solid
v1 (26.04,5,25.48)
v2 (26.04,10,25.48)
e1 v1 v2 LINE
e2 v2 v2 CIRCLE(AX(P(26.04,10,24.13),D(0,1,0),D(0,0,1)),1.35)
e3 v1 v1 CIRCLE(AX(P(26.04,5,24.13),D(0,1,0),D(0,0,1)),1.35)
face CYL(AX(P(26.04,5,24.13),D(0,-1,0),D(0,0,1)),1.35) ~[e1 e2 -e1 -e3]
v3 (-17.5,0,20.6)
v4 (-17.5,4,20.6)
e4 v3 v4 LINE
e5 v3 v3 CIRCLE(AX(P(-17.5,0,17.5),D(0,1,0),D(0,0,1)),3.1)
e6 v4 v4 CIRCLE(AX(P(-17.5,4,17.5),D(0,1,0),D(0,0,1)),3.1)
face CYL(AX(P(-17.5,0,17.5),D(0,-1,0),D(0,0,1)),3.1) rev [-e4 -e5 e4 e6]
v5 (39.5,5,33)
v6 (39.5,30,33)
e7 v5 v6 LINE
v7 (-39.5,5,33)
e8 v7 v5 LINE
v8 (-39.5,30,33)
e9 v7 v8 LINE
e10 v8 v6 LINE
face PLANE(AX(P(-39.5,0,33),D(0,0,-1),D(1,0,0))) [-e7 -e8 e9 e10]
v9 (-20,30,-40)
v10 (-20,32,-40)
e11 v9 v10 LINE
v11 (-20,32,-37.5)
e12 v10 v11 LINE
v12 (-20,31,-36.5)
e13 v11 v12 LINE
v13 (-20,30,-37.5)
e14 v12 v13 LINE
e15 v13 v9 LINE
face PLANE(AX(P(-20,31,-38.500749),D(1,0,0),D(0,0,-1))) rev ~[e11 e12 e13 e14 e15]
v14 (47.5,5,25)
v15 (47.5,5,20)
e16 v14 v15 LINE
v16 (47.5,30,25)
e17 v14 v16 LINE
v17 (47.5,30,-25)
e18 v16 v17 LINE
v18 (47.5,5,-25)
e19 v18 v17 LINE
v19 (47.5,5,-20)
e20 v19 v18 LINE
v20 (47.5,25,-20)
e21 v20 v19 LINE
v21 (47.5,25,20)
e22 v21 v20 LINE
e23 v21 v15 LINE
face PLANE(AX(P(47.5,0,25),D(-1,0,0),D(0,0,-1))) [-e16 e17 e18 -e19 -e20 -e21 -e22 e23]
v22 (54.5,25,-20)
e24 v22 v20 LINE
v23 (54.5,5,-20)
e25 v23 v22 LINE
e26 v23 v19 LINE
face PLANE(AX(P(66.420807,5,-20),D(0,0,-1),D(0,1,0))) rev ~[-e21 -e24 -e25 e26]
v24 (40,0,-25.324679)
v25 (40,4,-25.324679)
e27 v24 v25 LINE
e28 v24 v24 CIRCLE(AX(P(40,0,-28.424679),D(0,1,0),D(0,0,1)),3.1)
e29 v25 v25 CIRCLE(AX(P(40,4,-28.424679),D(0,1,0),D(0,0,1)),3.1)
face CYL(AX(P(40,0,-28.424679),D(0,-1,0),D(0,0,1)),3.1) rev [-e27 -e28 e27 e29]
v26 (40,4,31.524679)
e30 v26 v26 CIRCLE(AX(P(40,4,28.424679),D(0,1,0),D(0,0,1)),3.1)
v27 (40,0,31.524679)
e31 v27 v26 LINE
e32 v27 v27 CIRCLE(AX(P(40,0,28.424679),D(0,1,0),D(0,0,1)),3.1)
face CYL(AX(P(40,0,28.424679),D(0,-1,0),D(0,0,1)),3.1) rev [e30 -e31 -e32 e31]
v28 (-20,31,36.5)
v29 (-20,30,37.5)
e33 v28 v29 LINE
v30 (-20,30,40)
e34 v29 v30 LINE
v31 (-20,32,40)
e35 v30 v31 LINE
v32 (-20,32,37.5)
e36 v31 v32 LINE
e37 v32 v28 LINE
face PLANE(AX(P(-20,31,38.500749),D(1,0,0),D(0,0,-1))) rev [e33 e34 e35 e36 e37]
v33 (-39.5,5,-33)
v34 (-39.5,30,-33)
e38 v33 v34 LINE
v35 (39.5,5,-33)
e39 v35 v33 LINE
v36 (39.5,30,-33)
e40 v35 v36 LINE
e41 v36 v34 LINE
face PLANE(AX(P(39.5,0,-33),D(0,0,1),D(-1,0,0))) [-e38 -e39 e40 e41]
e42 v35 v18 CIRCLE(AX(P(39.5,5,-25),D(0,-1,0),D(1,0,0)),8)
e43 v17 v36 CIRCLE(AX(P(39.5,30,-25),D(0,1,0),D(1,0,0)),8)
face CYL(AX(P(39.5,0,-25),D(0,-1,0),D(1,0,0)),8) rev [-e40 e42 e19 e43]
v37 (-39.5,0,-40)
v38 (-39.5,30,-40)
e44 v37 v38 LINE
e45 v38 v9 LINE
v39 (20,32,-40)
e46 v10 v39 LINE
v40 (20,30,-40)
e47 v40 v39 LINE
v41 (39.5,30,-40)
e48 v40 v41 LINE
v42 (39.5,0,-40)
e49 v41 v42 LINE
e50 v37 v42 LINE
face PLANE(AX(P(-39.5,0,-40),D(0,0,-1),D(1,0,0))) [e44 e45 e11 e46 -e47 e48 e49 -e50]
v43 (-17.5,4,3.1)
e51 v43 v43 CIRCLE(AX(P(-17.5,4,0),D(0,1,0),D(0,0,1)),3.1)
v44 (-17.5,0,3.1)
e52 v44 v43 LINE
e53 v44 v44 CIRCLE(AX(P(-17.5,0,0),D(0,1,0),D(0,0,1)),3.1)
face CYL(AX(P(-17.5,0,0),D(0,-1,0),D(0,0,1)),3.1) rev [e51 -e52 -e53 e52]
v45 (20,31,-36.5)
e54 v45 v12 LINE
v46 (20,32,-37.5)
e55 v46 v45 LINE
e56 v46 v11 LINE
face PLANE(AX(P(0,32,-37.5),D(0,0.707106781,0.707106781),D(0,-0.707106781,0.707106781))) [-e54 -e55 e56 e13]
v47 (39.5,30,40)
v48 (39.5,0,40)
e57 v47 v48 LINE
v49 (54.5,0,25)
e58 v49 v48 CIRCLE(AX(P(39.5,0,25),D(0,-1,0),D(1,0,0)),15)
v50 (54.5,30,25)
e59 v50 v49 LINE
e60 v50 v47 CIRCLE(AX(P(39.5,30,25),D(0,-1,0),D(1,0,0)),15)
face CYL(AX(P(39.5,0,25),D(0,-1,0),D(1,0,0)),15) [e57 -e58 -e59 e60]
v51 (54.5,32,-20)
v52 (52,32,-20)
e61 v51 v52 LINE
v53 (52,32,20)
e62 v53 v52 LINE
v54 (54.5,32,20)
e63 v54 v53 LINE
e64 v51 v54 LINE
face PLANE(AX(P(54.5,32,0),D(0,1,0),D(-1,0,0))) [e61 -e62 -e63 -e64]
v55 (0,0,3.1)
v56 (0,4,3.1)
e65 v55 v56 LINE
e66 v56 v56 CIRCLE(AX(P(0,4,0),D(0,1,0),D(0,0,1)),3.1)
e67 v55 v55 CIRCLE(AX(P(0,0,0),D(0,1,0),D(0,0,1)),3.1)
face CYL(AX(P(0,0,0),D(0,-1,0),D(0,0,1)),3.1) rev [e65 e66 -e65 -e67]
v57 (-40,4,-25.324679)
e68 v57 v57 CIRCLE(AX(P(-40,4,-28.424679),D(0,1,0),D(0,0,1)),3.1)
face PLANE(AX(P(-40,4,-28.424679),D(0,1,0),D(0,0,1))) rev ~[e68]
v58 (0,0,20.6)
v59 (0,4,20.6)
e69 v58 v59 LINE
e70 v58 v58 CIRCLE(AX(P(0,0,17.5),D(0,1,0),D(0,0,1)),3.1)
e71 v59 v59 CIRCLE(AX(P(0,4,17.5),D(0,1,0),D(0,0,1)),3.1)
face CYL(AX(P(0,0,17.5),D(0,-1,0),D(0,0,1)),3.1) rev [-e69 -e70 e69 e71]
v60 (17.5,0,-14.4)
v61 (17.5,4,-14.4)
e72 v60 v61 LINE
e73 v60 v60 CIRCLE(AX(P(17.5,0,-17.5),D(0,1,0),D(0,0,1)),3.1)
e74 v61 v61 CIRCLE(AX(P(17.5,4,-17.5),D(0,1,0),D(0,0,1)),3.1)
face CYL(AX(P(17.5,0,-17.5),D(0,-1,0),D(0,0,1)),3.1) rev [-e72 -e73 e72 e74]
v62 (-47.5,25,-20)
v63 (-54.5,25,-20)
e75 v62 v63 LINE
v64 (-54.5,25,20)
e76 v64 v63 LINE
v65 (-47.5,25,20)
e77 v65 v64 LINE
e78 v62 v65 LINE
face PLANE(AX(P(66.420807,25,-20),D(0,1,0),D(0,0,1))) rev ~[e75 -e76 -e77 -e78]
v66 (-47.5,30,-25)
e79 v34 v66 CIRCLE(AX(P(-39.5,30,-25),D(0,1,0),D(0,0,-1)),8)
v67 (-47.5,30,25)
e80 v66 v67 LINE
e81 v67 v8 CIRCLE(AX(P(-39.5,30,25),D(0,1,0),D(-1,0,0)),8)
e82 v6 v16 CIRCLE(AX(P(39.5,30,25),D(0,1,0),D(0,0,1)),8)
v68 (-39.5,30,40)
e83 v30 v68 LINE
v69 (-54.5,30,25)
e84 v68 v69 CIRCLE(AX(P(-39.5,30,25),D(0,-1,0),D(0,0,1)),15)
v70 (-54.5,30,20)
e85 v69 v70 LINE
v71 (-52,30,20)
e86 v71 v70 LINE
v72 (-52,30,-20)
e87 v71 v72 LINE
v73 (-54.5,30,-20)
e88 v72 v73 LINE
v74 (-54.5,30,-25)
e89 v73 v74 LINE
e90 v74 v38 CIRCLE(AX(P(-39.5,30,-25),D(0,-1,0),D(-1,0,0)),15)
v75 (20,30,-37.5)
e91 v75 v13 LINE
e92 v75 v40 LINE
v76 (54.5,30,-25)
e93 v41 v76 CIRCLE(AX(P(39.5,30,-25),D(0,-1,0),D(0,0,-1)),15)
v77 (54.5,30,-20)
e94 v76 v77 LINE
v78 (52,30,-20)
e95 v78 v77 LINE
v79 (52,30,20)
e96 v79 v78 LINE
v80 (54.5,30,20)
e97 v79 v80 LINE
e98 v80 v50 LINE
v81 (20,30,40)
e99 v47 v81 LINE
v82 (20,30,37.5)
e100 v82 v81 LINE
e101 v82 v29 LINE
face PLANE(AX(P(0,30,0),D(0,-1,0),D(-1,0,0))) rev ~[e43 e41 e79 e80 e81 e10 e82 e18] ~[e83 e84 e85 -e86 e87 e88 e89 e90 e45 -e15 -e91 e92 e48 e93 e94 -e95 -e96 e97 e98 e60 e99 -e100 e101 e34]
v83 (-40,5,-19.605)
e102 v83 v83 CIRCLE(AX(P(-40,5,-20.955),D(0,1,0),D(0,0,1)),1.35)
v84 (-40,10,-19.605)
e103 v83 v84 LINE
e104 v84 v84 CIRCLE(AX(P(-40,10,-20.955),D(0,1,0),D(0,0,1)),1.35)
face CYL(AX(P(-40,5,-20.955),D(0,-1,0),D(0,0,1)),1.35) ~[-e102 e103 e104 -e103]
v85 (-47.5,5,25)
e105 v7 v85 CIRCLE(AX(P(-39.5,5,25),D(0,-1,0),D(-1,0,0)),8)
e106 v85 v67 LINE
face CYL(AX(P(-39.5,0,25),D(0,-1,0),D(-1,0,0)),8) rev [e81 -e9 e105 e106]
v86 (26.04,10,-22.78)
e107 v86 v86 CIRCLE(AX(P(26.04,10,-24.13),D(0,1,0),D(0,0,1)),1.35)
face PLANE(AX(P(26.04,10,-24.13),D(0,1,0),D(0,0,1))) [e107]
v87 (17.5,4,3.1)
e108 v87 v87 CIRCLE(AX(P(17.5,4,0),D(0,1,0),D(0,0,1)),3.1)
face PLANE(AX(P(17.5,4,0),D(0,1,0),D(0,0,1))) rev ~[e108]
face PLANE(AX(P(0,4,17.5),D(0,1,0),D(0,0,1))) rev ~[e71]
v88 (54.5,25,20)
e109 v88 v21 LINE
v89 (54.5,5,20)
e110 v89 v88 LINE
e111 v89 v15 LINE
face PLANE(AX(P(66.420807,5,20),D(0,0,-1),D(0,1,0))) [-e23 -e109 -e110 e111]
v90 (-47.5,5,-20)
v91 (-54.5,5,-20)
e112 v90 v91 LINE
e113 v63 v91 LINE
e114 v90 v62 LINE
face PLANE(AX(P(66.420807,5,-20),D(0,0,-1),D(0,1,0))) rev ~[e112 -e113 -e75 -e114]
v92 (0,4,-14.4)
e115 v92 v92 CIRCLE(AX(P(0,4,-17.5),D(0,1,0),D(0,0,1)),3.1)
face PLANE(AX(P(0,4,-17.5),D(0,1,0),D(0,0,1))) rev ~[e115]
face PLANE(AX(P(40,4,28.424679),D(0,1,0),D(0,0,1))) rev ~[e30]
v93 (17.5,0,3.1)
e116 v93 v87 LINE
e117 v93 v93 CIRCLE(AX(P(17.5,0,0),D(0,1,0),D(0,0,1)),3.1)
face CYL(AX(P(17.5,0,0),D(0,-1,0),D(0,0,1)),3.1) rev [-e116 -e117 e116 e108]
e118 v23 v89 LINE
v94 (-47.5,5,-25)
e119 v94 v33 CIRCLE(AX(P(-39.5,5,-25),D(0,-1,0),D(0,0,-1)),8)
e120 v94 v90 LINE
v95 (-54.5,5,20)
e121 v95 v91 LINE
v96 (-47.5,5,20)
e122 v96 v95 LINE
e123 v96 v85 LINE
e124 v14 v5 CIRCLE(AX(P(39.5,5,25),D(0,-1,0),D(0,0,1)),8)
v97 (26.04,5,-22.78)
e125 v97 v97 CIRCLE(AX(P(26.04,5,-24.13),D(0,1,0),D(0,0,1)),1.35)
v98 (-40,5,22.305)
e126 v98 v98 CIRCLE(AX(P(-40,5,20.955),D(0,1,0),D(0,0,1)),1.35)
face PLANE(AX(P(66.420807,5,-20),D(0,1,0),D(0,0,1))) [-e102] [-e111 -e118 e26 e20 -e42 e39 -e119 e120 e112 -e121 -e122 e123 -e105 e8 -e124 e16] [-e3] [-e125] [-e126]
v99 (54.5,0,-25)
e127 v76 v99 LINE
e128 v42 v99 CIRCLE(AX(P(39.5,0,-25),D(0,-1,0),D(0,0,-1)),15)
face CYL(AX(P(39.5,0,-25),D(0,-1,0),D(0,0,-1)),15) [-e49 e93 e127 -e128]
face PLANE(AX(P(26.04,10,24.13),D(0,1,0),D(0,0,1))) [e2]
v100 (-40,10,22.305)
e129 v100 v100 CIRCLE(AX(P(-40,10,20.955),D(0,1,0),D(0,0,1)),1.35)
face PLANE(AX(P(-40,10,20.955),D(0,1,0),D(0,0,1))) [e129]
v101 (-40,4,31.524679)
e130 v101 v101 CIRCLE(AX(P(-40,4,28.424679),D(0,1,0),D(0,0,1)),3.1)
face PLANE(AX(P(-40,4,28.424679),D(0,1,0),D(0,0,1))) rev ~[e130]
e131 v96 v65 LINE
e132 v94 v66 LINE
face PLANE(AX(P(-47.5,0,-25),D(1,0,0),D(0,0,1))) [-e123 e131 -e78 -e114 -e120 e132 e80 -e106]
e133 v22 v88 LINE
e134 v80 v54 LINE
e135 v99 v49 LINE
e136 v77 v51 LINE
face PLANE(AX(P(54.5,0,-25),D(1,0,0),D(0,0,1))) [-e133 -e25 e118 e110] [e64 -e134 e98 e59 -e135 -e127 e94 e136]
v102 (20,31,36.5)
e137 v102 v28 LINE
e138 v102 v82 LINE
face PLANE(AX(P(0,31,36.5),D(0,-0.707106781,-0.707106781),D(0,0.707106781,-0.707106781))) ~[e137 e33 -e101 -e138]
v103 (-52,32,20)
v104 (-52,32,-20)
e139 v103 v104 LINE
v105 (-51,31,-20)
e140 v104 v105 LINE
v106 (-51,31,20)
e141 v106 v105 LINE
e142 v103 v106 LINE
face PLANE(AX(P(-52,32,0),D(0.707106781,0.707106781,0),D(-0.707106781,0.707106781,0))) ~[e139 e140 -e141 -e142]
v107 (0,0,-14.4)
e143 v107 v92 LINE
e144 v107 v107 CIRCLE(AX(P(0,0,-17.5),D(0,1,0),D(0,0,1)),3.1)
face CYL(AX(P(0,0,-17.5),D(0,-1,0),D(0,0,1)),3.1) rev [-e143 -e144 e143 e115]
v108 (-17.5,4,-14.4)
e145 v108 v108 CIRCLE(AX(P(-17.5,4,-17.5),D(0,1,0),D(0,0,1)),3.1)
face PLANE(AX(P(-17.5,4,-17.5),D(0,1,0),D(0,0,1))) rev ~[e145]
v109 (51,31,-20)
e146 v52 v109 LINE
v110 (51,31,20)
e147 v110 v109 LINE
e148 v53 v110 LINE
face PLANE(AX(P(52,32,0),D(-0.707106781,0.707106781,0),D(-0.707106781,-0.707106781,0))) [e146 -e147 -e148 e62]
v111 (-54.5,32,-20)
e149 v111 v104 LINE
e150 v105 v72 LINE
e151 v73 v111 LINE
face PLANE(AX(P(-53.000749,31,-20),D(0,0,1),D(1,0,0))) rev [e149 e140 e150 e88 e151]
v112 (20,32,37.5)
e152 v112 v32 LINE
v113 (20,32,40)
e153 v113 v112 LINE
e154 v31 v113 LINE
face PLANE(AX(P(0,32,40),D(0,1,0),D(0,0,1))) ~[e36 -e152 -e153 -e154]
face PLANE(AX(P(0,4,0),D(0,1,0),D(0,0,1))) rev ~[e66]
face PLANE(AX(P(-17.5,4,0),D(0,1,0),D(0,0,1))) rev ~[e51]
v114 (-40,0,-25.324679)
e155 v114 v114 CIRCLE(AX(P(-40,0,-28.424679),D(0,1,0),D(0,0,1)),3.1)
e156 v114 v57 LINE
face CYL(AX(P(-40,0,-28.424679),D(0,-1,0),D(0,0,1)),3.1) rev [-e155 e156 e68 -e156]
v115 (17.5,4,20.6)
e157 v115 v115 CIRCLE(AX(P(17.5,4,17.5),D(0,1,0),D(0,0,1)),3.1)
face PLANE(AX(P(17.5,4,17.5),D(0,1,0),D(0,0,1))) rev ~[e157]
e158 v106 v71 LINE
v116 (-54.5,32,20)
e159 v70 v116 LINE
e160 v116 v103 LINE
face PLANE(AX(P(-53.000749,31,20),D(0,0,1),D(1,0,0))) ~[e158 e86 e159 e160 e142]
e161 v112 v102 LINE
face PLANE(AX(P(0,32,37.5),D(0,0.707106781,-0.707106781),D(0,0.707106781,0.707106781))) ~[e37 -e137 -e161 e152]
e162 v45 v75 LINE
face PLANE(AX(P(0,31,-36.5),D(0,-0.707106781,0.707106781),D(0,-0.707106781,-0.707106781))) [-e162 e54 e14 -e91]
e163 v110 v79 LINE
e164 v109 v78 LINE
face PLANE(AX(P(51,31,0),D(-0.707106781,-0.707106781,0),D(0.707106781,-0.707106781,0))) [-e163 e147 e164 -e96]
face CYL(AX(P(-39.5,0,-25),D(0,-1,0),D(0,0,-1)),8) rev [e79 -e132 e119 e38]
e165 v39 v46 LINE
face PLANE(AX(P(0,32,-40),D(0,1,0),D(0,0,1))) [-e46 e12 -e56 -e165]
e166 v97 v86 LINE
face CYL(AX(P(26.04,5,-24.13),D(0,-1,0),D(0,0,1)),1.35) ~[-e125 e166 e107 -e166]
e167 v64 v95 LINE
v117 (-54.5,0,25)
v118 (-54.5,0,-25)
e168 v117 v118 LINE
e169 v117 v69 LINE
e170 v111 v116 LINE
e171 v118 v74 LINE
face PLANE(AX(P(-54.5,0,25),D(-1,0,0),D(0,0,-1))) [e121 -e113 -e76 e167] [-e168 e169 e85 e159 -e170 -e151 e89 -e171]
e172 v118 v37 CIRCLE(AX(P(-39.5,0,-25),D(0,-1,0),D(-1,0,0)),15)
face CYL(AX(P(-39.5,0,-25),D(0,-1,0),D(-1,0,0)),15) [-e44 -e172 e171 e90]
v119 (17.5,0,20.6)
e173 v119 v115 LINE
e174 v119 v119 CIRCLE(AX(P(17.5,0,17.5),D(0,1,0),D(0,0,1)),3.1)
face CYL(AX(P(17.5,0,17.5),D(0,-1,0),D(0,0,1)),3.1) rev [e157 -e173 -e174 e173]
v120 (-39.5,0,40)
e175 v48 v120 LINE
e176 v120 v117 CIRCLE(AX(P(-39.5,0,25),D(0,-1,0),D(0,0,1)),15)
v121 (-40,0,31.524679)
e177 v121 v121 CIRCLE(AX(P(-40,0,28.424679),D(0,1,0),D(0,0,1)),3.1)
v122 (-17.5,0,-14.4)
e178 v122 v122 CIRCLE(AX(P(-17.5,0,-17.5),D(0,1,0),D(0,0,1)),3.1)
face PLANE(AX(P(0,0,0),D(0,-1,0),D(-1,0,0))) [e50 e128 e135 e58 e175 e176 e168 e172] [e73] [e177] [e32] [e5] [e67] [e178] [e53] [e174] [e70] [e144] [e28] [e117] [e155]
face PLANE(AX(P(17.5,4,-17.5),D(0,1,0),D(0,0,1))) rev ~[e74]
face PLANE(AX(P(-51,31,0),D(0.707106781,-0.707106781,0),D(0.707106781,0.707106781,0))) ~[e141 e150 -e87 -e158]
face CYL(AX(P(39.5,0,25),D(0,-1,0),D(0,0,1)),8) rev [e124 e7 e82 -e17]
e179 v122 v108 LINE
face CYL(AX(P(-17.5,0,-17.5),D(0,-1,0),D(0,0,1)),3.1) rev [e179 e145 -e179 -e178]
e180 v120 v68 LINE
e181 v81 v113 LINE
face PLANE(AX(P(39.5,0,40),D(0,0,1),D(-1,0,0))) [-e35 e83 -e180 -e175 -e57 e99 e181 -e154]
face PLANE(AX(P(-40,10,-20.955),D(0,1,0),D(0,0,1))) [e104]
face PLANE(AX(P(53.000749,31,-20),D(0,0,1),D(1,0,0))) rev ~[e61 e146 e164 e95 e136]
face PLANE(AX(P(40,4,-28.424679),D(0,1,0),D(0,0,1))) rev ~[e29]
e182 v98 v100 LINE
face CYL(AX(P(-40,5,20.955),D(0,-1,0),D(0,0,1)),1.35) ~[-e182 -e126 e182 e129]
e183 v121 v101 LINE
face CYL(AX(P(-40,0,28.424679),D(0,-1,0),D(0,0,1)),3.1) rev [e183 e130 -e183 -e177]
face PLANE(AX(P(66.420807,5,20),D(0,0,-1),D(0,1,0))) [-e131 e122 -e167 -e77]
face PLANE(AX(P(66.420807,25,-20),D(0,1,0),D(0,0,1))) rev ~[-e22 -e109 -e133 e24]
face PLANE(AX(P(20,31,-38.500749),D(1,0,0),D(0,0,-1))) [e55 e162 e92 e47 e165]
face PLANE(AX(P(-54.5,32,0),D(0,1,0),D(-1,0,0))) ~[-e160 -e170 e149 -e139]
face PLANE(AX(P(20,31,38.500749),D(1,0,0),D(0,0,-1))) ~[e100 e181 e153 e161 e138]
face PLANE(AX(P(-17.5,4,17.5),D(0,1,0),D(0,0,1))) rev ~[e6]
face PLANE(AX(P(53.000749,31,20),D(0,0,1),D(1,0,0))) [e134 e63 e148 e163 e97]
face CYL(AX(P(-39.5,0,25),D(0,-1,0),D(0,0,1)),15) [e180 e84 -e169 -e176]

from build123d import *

# Parameters (mm, degrees)
BOSS_EXTRUDE1_DEPTH     = 5
SKETCH4_R               = 3.1
CUT_EXTRUDE1_DEPTH      = 4
BOSS_EXTRUDE3_DEPTH     = 30
CUT_EXTRUDE2_DEPTH      = 120.920807202
CUT_EXTRUDE2_DEPTH_BACK = 120.920807202
SKETCH7_W               = 40
SKETCH7_H               = 20
BOSS_EXTRUDE2_START     = 5
SKETCH3_R               = 1.35
BOSS_EXTRUDE2_DEPTH     = 5
BOSS_EXTRUDE6_DEPTH     = 20
BOSS_EXTRUDE7_DEPTH     = 20


with BuildPart() as part:
    # Sketch1 → Boss-Extrude1 (new body)
    with BuildSketch(Plane(origin=(0, 0, 0), x_dir=(1, 0, 0), z_dir=(0, 1, 0))):
        with BuildLine():
            Line((-39.5, 40), (39.5, 40))
            ThreePointArc((39.5, 40), (50.106601718, 35.606601718), (54.5, 25))
            Line((54.5, 25), (54.5, -25))
            ThreePointArc((54.5, -25), (50.106601718, -35.606601718), (39.5, -40))
            Line((39.5, -40), (-39.5, -40))
            ThreePointArc((-39.5, -40), (-50.106601718, -35.606601718), (-54.5, -25))
            Line((-54.5, -25), (-54.5, 25))
            ThreePointArc((-54.5, 25), (-50.106601718, 35.606601718), (-39.5, 40))
        make_face()
    extrude(amount=BOSS_EXTRUDE1_DEPTH)

    # Sketch4 → Cut-Extrude1 (cut)
    with BuildSketch(Plane(origin=(0, 0, 0), x_dir=(1, 0, 0), z_dir=(0, 1, 0))):
        with Locations(Location((-40, -28.424678982, 0), (0, 0, 270))):
            Circle(SKETCH4_R)
        with Locations(Location((40, -28.424678982, 0), (0, 0, 270))):
            Circle(SKETCH4_R)
        with Locations(Location((40, 28.424678982, 0), (0, 0, 270))):
            Circle(SKETCH4_R)
        with Locations(Location((-40, 28.424678982, 0), (0, 0, 270))):
            Circle(SKETCH4_R)
        with Locations(Location((-17.5, 0, 0), (0, 0, 270))):
            Circle(SKETCH4_R)
        with Locations(Location((0, -17.5, 0), (0, 0, 270))):
            Circle(SKETCH4_R)
        with Locations(Location((17.5, 0, 0), (0, 0, 270))):
            Circle(SKETCH4_R)
        with Locations(Location((0, 17.5, 0), (0, 0, 270))):
            Circle(SKETCH4_R)
        with Locations(Location((-17.5, 17.5, 0), (0, 0, 270))):
            Circle(SKETCH4_R)
        with Locations(Location((17.5, 17.5, 0), (0, 0, 270))):
            Circle(SKETCH4_R)
        with Locations(Location((17.5, -17.5, 0), (0, 0, 270))):
            Circle(SKETCH4_R)
        with Locations(Location((-17.5, -17.5, 0), (0, 0, 270))):
            Circle(SKETCH4_R)
        with Locations(Location((0, 0, 0), (0, 0, 270))):
            Circle(SKETCH4_R)
    extrude(amount=CUT_EXTRUDE1_DEPTH, mode=Mode.SUBTRACT)

    # Sketch1<3> → Boss-Extrude3 (add)
    with BuildSketch(Plane(origin=(0, 0, 0), x_dir=(1, 0, 0), z_dir=(0, 1, 0))):
        with BuildLine():
            Line((-39.5, 40), (39.5, 40))
            ThreePointArc((39.5, 40), (50.106601718, 35.606601718), (54.5, 25))
            Line((54.5, 25), (54.5, -25))
            ThreePointArc((54.5, -25), (50.106601718, -35.606601718), (39.5, -40))
            Line((39.5, -40), (-39.5, -40))
            ThreePointArc((-39.5, -40), (-50.106601718, -35.606601718), (-54.5, -25))
            Line((-54.5, -25), (-54.5, 25))
            ThreePointArc((-54.5, 25), (-50.106601718, 35.606601718), (-39.5, 40))
        make_face()
        with BuildLine():
            ThreePointArc((-39.5, 33), (-45.156854249, 30.656854249), (-47.5, 25))
            Line((-47.5, 25), (-47.5, -25))
            ThreePointArc((-47.5, -25), (-45.156854249, -30.656854249), (-39.5, -33))
            Line((-39.5, -33), (39.5, -33))
            ThreePointArc((39.5, -33), (45.156854249, -30.656854249), (47.5, -25))
            Line((47.5, -25), (47.5, 25))
            ThreePointArc((47.5, 25), (45.156854249, 30.656854249), (39.5, 33))
            Line((39.5, 33), (-39.5, 33))
        make_face(mode=Mode.SUBTRACT)
    extrude(amount=BOSS_EXTRUDE3_DEPTH)

    # Sketch7 → Cut-Extrude2 (cut, two sides: drawn at the far end of the back side and taken through both)
    with BuildSketch(Plane.ZY.offset(54.5).offset(-CUT_EXTRUDE2_DEPTH_BACK)):
        with Locations((0, 15)):
            Rectangle(SKETCH7_W, SKETCH7_H)
    extrude(amount=CUT_EXTRUDE2_DEPTH + CUT_EXTRUDE2_DEPTH_BACK, mode=Mode.SUBTRACT)

    # Sketch3 → Boss-Extrude2 (add)
    with BuildSketch(Plane(origin=(0, 0, 0), x_dir=(1, 0, 0), z_dir=(0, 1, 0)).offset(BOSS_EXTRUDE2_START)):
        with Locations(Location((26.04, 24.13, 0), (0, 0, 270))):
            Circle(SKETCH3_R)
        with Locations(Location((-40, 20.955, 0), (0, 0, 270))):
            Circle(SKETCH3_R)
        with Locations(Location((-40, -20.955, 0), (0, 0, 270))):
            Circle(SKETCH3_R)
        with Locations(Location((26.04, -24.13, 0), (0, 0, 270))):
            Circle(SKETCH3_R)
    extrude(amount=BOSS_EXTRUDE2_DEPTH)

    # Sketch10 → Boss-Extrude6 (add, symmetric)
    with BuildSketch(Plane(origin=(0, 0, 0), x_dir=(0, 0, -1), z_dir=(1, 0, 0))):
        Polygon((37.5, 30), (40, 30), (40, 32), (37.5, 32), (36.5, 31), align=None)
    boss_extrude6 = extrude(amount=BOSS_EXTRUDE6_DEPTH, both=True)

    # Mirror2: Boss-Extrude6 across plane
    add(boss_extrude6.mirror(Plane.XY))

    # Sketch12 → Boss-Extrude7 (add, symmetric)
    with BuildSketch(Plane.XY):
        Polygon((52, 30), (54.5, 30), (54.5, 32), (52, 32), (51, 31), align=None)
    boss_extrude7 = extrude(amount=BOSS_EXTRUDE7_DEPTH, both=True)

    # Mirror3: Boss-Extrude7 across plane
    add(boss_extrude7.mirror(Plane(origin=(0, 0, 0), x_dir=(0, 0, 1), z_dir=(1, 0, 0))))


solid = part.part
